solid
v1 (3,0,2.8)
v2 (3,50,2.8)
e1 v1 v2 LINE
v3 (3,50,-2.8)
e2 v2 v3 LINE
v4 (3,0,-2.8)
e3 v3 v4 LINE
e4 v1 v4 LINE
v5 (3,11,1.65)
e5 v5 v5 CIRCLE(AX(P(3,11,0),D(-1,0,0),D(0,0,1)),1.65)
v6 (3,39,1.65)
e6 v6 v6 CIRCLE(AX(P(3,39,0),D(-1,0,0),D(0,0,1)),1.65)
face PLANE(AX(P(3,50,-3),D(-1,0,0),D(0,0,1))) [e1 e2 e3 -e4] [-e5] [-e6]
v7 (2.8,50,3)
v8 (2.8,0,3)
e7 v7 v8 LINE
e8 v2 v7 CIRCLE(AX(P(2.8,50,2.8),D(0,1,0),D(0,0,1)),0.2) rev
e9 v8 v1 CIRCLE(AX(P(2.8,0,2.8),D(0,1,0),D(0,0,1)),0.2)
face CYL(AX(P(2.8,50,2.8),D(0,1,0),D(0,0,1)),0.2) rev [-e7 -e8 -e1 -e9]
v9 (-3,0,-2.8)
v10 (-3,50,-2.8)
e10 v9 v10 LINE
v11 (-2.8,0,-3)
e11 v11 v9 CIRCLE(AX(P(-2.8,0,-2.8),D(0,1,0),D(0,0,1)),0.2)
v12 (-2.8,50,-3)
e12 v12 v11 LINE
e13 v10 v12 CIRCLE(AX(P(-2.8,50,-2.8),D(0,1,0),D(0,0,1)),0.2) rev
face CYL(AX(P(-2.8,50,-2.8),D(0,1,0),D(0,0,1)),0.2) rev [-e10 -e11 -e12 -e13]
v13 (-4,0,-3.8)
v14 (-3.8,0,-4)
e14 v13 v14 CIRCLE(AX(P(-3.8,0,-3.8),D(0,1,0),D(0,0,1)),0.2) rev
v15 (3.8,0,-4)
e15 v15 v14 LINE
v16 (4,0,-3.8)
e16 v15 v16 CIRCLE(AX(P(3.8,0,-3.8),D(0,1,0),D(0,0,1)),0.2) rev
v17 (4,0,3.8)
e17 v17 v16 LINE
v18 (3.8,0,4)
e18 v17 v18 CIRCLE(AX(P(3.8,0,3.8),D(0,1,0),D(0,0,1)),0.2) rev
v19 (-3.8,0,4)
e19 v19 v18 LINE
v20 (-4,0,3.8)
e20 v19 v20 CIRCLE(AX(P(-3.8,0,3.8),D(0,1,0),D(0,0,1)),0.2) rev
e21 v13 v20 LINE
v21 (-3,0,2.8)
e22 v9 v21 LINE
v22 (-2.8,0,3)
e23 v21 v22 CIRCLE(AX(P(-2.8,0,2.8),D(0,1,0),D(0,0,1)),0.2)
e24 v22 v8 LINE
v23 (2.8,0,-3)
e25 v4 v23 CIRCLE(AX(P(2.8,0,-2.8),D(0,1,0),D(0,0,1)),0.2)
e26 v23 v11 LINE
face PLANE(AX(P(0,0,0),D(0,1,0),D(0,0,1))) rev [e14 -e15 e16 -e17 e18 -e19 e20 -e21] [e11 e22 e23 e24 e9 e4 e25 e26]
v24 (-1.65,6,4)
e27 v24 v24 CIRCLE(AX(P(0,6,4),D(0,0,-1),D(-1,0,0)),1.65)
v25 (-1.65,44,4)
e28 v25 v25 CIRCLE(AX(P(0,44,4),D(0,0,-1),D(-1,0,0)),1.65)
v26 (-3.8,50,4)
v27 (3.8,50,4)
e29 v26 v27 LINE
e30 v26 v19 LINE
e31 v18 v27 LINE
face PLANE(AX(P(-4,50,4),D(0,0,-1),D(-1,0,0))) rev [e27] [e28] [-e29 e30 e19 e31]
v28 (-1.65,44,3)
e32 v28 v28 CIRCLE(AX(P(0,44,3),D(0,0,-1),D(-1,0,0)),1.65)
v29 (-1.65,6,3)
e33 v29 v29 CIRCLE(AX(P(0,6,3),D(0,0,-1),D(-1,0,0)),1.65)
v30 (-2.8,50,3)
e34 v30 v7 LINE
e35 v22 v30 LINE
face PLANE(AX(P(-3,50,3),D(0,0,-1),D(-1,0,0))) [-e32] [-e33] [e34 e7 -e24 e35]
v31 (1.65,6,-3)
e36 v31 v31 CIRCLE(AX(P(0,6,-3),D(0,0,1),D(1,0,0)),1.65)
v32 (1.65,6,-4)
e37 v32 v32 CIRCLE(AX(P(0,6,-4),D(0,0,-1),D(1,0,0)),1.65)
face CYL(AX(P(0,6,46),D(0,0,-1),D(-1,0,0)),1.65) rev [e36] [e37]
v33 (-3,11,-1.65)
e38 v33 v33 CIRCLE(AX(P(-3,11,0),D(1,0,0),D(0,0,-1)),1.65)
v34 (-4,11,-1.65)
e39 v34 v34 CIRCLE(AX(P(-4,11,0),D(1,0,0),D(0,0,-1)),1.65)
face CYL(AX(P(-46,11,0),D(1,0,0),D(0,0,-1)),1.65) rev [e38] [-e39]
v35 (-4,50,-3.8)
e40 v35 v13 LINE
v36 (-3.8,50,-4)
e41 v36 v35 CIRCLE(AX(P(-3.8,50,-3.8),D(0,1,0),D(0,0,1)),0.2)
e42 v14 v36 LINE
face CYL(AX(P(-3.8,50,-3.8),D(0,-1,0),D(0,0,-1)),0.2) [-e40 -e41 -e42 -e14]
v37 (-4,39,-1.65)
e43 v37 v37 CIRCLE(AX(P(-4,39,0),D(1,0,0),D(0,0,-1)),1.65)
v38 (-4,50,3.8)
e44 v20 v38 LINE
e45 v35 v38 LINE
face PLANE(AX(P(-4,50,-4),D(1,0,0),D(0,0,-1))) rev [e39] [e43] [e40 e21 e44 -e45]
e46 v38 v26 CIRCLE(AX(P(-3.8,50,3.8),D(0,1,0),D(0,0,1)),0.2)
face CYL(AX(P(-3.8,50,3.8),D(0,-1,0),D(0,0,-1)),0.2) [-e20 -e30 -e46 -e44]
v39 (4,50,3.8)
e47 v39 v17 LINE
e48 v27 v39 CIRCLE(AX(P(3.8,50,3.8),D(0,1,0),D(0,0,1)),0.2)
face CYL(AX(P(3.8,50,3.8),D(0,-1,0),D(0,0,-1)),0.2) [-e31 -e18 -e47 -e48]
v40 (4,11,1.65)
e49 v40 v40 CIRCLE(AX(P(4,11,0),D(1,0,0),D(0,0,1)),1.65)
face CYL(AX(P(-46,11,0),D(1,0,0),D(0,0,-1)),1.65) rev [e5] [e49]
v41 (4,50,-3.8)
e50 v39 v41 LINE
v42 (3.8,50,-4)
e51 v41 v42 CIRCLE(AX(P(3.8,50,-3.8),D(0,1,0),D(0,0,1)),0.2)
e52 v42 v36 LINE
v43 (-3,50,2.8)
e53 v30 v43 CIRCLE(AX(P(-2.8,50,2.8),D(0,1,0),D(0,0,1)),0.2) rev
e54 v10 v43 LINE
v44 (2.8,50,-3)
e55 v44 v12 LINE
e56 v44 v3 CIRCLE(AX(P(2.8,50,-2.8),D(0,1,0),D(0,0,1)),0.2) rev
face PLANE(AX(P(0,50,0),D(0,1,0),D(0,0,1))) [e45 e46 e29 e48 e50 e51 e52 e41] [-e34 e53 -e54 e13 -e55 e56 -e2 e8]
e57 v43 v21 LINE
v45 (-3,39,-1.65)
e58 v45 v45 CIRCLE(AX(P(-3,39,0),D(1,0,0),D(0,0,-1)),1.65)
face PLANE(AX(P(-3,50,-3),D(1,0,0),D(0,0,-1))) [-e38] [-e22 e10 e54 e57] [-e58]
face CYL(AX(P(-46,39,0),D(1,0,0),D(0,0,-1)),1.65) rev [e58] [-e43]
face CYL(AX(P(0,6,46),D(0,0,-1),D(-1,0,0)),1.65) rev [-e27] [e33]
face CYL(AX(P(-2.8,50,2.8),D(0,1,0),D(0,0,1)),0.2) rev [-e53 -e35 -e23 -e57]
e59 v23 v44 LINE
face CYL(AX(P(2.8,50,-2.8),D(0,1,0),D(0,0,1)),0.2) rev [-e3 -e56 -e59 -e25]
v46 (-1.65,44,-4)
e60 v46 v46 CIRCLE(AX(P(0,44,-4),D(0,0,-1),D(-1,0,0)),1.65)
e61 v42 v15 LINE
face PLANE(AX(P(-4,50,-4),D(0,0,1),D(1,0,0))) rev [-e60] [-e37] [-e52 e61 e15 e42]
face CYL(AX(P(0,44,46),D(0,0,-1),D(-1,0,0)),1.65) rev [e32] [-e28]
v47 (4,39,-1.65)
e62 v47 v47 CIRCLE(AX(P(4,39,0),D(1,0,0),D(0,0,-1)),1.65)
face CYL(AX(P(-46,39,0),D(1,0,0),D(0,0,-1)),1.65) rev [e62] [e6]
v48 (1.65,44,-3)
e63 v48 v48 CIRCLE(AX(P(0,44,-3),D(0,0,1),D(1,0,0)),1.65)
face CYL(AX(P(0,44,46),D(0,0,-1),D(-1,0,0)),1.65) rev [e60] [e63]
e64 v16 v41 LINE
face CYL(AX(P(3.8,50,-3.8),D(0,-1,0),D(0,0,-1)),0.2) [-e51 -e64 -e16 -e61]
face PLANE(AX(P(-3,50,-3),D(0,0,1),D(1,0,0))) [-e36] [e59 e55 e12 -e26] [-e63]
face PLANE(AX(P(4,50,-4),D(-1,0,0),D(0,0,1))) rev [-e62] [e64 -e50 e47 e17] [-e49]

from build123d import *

# Parameters (mm, degrees)
SKETCH_1_W          = 8
SKETCH_1_H          = 8
SKETCH_1_W_2        = 6
SKETCH_1_H_2        = 6
EXTRUDE_1_DEPTH     = 50
FILLET_1_R          = 0.2
FILLET_2_R          = 0.2
SKETCH_3_R          = 1.65
CUT_EXTRUDE_1_DEPTH = 50
SKETCH_4_R          = 1.65
CUT_EXTRUDE_2_DEPTH = 50


with BuildPart() as part:
    # 草图1 → 凸台-拉伸1 (new body)
    with BuildSketch(Plane(origin=(0, 0, 0), x_dir=(1, 0, 0), z_dir=(0, 1, 0))):
        Rectangle(SKETCH_1_W, SKETCH_1_H)
        Rectangle(SKETCH_1_W_2, SKETCH_1_H_2, mode=Mode.SUBTRACT)
    extrude(amount=EXTRUDE_1_DEPTH)

    # 圆角1
    fillet_1_edges = [part.edges().sort_by_distance(p)[0] for p in [
        (3, 25, 3),
        (3, 25, -3),
        (-3, 25, -3),
        (-3, 25, 3),
    ]]
    fillet(fillet_1_edges, radius=FILLET_1_R)

    # 圆角2
    fillet_2_edges = [part.edges().sort_by_distance(p)[0] for p in [
        (4, 25, 4),
        (-4, 25, 4),
        (-4, 25, -4),
        (4, 25, -4),
    ]]
    fillet(fillet_2_edges, radius=FILLET_2_R)

    # 草图3 → 切除-拉伸1 (cut)
    with BuildSketch(Plane(origin=(4, 0, 0), x_dir=(0, 0, -1), z_dir=(1, 0, 0))):
        with Locations((0, 39)):
            Circle(SKETCH_3_R)
        with Locations((0, 11)):
            Circle(SKETCH_3_R)
    extrude(amount=-CUT_EXTRUDE_1_DEPTH, mode=Mode.SUBTRACT)

    # 草图4 → 切除-拉伸2 (cut)
    with BuildSketch(Plane(origin=(0, 0, -4), x_dir=(-1, 0, 0), z_dir=(0, 0, -1))):
        with Locations((0, 44)):
            Circle(SKETCH_4_R)
        with Locations((0, 6)):
            Circle(SKETCH_4_R)
    extrude(amount=-CUT_EXTRUDE_2_DEPTH, mode=Mode.SUBTRACT)


solid = part.part
